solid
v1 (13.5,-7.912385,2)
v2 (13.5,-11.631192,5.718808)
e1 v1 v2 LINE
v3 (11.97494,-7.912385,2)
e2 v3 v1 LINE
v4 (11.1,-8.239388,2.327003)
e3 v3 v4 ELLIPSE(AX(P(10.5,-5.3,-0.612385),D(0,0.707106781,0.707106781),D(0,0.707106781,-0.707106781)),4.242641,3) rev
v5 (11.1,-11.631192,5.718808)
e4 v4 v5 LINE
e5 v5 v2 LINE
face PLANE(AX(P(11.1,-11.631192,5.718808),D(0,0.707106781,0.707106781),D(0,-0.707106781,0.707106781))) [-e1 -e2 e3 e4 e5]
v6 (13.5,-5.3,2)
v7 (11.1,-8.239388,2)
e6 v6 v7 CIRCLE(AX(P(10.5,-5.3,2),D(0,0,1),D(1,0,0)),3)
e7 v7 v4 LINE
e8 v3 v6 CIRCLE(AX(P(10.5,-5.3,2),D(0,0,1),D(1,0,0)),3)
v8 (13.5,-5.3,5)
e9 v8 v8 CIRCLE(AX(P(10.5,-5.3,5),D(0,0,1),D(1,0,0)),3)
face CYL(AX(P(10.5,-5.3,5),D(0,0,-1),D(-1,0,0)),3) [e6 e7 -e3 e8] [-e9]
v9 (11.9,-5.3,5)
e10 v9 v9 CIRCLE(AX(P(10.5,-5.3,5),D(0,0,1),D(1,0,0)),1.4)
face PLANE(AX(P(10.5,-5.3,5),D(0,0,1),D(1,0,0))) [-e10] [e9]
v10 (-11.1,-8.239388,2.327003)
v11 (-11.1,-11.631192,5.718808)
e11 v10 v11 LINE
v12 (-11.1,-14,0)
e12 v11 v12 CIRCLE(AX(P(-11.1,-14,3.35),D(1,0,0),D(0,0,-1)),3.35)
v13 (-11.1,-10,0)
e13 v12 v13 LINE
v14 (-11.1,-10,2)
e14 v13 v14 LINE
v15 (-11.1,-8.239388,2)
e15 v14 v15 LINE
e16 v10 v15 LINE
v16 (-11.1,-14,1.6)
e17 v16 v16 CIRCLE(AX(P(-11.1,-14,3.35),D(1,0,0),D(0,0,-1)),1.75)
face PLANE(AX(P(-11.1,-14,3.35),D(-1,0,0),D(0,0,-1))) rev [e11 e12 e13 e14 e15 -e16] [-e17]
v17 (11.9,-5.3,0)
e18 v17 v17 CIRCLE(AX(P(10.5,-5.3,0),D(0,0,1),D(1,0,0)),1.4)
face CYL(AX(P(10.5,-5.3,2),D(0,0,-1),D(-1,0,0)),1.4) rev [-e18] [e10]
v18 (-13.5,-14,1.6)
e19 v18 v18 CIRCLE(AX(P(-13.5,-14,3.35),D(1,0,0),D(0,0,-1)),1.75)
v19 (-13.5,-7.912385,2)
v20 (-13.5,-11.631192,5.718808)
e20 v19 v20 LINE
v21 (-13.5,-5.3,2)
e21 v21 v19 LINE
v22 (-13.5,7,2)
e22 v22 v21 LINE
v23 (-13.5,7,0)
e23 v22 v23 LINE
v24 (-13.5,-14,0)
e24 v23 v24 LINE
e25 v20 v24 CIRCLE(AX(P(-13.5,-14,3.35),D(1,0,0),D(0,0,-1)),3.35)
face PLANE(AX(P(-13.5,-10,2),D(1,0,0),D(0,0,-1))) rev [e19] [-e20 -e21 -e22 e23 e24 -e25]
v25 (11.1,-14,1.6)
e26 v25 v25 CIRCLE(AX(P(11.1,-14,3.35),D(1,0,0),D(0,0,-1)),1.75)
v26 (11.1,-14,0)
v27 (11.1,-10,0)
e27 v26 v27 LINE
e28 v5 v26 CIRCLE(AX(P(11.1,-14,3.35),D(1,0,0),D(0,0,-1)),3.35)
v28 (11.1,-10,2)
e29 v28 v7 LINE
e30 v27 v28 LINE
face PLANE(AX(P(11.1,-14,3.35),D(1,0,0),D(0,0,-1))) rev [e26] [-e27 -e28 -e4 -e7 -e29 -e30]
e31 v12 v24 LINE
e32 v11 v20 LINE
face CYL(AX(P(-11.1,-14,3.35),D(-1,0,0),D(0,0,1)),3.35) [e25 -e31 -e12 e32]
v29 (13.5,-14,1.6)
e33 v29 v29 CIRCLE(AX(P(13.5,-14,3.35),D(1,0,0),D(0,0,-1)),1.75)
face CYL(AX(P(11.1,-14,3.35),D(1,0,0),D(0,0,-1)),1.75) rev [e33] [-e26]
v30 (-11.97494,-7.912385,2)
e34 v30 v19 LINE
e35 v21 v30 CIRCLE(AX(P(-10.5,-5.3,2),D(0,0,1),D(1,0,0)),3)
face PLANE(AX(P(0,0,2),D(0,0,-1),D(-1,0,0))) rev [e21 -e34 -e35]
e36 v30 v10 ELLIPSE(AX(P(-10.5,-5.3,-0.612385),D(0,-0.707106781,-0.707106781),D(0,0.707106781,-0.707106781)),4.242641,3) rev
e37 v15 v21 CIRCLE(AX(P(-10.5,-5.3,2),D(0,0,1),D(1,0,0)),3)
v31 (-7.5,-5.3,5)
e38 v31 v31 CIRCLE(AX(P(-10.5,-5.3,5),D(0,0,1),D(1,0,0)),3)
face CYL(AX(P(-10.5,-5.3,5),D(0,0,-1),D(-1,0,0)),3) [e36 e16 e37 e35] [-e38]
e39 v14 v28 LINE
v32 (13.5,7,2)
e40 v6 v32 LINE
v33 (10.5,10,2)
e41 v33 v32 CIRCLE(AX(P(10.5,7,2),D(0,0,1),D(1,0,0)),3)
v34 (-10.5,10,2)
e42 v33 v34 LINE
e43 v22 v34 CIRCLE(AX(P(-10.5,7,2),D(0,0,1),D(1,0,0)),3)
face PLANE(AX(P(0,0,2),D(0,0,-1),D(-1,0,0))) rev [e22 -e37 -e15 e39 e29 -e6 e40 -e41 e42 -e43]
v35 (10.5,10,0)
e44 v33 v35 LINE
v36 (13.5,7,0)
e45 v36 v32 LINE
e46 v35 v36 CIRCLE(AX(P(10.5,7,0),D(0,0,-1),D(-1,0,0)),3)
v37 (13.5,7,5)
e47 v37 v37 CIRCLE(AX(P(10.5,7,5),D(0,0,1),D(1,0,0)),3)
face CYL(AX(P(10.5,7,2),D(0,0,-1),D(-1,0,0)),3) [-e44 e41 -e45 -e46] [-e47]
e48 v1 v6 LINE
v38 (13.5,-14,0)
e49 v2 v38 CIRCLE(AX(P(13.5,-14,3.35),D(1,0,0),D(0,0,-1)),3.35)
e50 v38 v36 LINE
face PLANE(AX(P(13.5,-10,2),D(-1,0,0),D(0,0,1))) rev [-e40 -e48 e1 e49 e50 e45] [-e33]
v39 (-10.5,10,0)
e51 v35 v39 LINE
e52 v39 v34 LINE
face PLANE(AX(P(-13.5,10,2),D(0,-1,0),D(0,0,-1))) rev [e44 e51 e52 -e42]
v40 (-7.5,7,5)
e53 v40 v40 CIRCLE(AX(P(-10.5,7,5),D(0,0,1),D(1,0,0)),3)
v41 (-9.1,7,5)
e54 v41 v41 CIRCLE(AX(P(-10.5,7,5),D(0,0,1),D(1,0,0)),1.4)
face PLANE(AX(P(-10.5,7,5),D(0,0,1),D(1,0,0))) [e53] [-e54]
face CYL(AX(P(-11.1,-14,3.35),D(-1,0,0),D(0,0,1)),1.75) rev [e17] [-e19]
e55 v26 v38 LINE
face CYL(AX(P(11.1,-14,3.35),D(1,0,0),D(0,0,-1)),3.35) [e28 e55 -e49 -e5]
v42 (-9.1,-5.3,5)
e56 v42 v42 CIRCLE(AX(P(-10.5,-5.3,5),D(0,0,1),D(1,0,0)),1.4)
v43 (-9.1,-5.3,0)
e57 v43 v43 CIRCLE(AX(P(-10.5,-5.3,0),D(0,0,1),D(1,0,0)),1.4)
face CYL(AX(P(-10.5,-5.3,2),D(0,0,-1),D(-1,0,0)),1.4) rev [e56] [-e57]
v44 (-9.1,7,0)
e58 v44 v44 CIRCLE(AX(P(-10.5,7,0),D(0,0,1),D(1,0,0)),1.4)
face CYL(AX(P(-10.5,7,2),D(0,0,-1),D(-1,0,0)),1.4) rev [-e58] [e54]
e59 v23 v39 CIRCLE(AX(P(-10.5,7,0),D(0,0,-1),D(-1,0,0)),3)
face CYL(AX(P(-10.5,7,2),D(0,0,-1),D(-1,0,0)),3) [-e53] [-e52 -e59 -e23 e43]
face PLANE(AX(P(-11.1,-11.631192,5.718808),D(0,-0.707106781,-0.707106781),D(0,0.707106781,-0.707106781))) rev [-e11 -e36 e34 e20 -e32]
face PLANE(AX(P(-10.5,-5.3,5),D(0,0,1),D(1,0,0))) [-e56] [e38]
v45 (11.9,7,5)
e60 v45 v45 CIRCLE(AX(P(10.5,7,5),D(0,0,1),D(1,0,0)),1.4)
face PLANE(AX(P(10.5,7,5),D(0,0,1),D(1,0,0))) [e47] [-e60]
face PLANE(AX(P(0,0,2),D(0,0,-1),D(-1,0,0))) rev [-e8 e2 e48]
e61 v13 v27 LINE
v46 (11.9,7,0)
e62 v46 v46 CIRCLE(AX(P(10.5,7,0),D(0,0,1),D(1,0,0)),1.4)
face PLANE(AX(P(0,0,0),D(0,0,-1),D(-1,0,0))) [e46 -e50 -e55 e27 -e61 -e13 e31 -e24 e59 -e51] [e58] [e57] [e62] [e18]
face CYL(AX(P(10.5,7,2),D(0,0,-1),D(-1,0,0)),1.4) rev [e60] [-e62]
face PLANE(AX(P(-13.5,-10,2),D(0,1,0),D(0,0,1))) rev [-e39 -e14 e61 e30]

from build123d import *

# Parameters (mm, degrees)
SCHIZZO1_W                   = 27
SCHIZZO1_H                   = 20
SCHIZZO1_R                   = 1.4
ESTRUSIONE_ESTRUSIONE1_DEPTH = 2
RACCORDO1_R                  = 3
SCHIZZO2_R                   = 1.75
ESTRUSIONE_ESTRUSIONE2_DEPTH = 2.4
SCHIZZO3_R                   = 3
SCHIZZO3_R_2                 = 1.4
ESTRUSIONE_ESTRUSIONE3_DEPTH = 3


with BuildPart() as part:
    # Schizzo1 → Estrusione-Estrusione1 (new body)
    with BuildSketch(Plane.XY):
        Rectangle(SCHIZZO1_W, SCHIZZO1_H)
        with Locations((-10.5, 7)):
            Circle(SCHIZZO1_R, mode=Mode.SUBTRACT)
        with Locations((-10.5, -5.3)):
            Circle(SCHIZZO1_R, mode=Mode.SUBTRACT)
        with Locations((10.5, -5.3)):
            Circle(SCHIZZO1_R, mode=Mode.SUBTRACT)
        with Locations((10.5, 7)):
            Circle(SCHIZZO1_R, mode=Mode.SUBTRACT)
    extrude(amount=ESTRUSIONE_ESTRUSIONE1_DEPTH)

    # Raccordo1
    raccordo1_edges = [part.edges().sort_by_distance(p)[0] for p in [
        (-13.5, 10, 1),
        (13.5, 10, 1),
    ]]
    fillet(raccordo1_edges, radius=RACCORDO1_R)

    # Schizzo2 → Estrusione-Estrusione2 (add)
    with BuildSketch(Plane(origin=(13.5, 0, 0), x_dir=(0, 0, -1), z_dir=(1, 0, 0))):
        with BuildLine():
            Line((0, -10), (0, -14))
            ThreePointArc((0, -14), (-4.631989498, -17.094996434), (-5.718807717, -11.631192283))
            Line((-5.718807717, -11.631192283), (-2, -7.912384566))
            Line((-2, -7.912384566), (-2, -10))
            Line((-2, -10), (0, -10))
        make_face()
        with Locations((-3.35, -14)):
            Circle(SCHIZZO2_R, mode=Mode.SUBTRACT)
    estrusione_estrusione2 = extrude(amount=-ESTRUSIONE_ESTRUSIONE2_DEPTH)

    # Specchia1: Estrusione-Estrusione2 across plane
    add(estrusione_estrusione2.mirror(Plane(origin=(0, 0, 0), x_dir=(0, 0, 1), z_dir=(1, 0, 0))))

    # Schizzo3 → Estrusione-Estrusione3 (add)
    # profile 1 of 4: a face of its own
    with BuildSketch(Plane.XY.offset(2)):
        with Locations(Location((-10.5, 7, 0), (0, 0, 180))):
            Circle(SCHIZZO3_R)
        with Locations((-10.5, 7)):
            Circle(SCHIZZO3_R_2, mode=Mode.SUBTRACT)
    # profile 2 of 4: a face of its own
    with BuildSketch(Plane.XY.offset(2)):
        with Locations(Location((-10.5, -5.3, 0), (0, 0, 180))):
            Circle(SCHIZZO3_R)
        with Locations((-10.5, -5.3)):
            Circle(SCHIZZO3_R_2, mode=Mode.SUBTRACT)
    # profile 3 of 4: a face of its own
    with BuildSketch(Plane.XY.offset(2)):
        with Locations((10.5, -5.3)):
            Circle(SCHIZZO3_R)
        with Locations((10.5, -5.3)):
            Circle(SCHIZZO3_R_2, mode=Mode.SUBTRACT)
    # profile 4 of 4: a face of its own
    with BuildSketch(Plane.XY.offset(2)):
        with Locations((10.5, 7)):
            Circle(SCHIZZO3_R)
        with Locations((10.5, 7)):
            Circle(SCHIZZO3_R_2, mode=Mode.SUBTRACT)
    extrude(amount=ESTRUSIONE_ESTRUSIONE3_DEPTH)


solid = part.part
